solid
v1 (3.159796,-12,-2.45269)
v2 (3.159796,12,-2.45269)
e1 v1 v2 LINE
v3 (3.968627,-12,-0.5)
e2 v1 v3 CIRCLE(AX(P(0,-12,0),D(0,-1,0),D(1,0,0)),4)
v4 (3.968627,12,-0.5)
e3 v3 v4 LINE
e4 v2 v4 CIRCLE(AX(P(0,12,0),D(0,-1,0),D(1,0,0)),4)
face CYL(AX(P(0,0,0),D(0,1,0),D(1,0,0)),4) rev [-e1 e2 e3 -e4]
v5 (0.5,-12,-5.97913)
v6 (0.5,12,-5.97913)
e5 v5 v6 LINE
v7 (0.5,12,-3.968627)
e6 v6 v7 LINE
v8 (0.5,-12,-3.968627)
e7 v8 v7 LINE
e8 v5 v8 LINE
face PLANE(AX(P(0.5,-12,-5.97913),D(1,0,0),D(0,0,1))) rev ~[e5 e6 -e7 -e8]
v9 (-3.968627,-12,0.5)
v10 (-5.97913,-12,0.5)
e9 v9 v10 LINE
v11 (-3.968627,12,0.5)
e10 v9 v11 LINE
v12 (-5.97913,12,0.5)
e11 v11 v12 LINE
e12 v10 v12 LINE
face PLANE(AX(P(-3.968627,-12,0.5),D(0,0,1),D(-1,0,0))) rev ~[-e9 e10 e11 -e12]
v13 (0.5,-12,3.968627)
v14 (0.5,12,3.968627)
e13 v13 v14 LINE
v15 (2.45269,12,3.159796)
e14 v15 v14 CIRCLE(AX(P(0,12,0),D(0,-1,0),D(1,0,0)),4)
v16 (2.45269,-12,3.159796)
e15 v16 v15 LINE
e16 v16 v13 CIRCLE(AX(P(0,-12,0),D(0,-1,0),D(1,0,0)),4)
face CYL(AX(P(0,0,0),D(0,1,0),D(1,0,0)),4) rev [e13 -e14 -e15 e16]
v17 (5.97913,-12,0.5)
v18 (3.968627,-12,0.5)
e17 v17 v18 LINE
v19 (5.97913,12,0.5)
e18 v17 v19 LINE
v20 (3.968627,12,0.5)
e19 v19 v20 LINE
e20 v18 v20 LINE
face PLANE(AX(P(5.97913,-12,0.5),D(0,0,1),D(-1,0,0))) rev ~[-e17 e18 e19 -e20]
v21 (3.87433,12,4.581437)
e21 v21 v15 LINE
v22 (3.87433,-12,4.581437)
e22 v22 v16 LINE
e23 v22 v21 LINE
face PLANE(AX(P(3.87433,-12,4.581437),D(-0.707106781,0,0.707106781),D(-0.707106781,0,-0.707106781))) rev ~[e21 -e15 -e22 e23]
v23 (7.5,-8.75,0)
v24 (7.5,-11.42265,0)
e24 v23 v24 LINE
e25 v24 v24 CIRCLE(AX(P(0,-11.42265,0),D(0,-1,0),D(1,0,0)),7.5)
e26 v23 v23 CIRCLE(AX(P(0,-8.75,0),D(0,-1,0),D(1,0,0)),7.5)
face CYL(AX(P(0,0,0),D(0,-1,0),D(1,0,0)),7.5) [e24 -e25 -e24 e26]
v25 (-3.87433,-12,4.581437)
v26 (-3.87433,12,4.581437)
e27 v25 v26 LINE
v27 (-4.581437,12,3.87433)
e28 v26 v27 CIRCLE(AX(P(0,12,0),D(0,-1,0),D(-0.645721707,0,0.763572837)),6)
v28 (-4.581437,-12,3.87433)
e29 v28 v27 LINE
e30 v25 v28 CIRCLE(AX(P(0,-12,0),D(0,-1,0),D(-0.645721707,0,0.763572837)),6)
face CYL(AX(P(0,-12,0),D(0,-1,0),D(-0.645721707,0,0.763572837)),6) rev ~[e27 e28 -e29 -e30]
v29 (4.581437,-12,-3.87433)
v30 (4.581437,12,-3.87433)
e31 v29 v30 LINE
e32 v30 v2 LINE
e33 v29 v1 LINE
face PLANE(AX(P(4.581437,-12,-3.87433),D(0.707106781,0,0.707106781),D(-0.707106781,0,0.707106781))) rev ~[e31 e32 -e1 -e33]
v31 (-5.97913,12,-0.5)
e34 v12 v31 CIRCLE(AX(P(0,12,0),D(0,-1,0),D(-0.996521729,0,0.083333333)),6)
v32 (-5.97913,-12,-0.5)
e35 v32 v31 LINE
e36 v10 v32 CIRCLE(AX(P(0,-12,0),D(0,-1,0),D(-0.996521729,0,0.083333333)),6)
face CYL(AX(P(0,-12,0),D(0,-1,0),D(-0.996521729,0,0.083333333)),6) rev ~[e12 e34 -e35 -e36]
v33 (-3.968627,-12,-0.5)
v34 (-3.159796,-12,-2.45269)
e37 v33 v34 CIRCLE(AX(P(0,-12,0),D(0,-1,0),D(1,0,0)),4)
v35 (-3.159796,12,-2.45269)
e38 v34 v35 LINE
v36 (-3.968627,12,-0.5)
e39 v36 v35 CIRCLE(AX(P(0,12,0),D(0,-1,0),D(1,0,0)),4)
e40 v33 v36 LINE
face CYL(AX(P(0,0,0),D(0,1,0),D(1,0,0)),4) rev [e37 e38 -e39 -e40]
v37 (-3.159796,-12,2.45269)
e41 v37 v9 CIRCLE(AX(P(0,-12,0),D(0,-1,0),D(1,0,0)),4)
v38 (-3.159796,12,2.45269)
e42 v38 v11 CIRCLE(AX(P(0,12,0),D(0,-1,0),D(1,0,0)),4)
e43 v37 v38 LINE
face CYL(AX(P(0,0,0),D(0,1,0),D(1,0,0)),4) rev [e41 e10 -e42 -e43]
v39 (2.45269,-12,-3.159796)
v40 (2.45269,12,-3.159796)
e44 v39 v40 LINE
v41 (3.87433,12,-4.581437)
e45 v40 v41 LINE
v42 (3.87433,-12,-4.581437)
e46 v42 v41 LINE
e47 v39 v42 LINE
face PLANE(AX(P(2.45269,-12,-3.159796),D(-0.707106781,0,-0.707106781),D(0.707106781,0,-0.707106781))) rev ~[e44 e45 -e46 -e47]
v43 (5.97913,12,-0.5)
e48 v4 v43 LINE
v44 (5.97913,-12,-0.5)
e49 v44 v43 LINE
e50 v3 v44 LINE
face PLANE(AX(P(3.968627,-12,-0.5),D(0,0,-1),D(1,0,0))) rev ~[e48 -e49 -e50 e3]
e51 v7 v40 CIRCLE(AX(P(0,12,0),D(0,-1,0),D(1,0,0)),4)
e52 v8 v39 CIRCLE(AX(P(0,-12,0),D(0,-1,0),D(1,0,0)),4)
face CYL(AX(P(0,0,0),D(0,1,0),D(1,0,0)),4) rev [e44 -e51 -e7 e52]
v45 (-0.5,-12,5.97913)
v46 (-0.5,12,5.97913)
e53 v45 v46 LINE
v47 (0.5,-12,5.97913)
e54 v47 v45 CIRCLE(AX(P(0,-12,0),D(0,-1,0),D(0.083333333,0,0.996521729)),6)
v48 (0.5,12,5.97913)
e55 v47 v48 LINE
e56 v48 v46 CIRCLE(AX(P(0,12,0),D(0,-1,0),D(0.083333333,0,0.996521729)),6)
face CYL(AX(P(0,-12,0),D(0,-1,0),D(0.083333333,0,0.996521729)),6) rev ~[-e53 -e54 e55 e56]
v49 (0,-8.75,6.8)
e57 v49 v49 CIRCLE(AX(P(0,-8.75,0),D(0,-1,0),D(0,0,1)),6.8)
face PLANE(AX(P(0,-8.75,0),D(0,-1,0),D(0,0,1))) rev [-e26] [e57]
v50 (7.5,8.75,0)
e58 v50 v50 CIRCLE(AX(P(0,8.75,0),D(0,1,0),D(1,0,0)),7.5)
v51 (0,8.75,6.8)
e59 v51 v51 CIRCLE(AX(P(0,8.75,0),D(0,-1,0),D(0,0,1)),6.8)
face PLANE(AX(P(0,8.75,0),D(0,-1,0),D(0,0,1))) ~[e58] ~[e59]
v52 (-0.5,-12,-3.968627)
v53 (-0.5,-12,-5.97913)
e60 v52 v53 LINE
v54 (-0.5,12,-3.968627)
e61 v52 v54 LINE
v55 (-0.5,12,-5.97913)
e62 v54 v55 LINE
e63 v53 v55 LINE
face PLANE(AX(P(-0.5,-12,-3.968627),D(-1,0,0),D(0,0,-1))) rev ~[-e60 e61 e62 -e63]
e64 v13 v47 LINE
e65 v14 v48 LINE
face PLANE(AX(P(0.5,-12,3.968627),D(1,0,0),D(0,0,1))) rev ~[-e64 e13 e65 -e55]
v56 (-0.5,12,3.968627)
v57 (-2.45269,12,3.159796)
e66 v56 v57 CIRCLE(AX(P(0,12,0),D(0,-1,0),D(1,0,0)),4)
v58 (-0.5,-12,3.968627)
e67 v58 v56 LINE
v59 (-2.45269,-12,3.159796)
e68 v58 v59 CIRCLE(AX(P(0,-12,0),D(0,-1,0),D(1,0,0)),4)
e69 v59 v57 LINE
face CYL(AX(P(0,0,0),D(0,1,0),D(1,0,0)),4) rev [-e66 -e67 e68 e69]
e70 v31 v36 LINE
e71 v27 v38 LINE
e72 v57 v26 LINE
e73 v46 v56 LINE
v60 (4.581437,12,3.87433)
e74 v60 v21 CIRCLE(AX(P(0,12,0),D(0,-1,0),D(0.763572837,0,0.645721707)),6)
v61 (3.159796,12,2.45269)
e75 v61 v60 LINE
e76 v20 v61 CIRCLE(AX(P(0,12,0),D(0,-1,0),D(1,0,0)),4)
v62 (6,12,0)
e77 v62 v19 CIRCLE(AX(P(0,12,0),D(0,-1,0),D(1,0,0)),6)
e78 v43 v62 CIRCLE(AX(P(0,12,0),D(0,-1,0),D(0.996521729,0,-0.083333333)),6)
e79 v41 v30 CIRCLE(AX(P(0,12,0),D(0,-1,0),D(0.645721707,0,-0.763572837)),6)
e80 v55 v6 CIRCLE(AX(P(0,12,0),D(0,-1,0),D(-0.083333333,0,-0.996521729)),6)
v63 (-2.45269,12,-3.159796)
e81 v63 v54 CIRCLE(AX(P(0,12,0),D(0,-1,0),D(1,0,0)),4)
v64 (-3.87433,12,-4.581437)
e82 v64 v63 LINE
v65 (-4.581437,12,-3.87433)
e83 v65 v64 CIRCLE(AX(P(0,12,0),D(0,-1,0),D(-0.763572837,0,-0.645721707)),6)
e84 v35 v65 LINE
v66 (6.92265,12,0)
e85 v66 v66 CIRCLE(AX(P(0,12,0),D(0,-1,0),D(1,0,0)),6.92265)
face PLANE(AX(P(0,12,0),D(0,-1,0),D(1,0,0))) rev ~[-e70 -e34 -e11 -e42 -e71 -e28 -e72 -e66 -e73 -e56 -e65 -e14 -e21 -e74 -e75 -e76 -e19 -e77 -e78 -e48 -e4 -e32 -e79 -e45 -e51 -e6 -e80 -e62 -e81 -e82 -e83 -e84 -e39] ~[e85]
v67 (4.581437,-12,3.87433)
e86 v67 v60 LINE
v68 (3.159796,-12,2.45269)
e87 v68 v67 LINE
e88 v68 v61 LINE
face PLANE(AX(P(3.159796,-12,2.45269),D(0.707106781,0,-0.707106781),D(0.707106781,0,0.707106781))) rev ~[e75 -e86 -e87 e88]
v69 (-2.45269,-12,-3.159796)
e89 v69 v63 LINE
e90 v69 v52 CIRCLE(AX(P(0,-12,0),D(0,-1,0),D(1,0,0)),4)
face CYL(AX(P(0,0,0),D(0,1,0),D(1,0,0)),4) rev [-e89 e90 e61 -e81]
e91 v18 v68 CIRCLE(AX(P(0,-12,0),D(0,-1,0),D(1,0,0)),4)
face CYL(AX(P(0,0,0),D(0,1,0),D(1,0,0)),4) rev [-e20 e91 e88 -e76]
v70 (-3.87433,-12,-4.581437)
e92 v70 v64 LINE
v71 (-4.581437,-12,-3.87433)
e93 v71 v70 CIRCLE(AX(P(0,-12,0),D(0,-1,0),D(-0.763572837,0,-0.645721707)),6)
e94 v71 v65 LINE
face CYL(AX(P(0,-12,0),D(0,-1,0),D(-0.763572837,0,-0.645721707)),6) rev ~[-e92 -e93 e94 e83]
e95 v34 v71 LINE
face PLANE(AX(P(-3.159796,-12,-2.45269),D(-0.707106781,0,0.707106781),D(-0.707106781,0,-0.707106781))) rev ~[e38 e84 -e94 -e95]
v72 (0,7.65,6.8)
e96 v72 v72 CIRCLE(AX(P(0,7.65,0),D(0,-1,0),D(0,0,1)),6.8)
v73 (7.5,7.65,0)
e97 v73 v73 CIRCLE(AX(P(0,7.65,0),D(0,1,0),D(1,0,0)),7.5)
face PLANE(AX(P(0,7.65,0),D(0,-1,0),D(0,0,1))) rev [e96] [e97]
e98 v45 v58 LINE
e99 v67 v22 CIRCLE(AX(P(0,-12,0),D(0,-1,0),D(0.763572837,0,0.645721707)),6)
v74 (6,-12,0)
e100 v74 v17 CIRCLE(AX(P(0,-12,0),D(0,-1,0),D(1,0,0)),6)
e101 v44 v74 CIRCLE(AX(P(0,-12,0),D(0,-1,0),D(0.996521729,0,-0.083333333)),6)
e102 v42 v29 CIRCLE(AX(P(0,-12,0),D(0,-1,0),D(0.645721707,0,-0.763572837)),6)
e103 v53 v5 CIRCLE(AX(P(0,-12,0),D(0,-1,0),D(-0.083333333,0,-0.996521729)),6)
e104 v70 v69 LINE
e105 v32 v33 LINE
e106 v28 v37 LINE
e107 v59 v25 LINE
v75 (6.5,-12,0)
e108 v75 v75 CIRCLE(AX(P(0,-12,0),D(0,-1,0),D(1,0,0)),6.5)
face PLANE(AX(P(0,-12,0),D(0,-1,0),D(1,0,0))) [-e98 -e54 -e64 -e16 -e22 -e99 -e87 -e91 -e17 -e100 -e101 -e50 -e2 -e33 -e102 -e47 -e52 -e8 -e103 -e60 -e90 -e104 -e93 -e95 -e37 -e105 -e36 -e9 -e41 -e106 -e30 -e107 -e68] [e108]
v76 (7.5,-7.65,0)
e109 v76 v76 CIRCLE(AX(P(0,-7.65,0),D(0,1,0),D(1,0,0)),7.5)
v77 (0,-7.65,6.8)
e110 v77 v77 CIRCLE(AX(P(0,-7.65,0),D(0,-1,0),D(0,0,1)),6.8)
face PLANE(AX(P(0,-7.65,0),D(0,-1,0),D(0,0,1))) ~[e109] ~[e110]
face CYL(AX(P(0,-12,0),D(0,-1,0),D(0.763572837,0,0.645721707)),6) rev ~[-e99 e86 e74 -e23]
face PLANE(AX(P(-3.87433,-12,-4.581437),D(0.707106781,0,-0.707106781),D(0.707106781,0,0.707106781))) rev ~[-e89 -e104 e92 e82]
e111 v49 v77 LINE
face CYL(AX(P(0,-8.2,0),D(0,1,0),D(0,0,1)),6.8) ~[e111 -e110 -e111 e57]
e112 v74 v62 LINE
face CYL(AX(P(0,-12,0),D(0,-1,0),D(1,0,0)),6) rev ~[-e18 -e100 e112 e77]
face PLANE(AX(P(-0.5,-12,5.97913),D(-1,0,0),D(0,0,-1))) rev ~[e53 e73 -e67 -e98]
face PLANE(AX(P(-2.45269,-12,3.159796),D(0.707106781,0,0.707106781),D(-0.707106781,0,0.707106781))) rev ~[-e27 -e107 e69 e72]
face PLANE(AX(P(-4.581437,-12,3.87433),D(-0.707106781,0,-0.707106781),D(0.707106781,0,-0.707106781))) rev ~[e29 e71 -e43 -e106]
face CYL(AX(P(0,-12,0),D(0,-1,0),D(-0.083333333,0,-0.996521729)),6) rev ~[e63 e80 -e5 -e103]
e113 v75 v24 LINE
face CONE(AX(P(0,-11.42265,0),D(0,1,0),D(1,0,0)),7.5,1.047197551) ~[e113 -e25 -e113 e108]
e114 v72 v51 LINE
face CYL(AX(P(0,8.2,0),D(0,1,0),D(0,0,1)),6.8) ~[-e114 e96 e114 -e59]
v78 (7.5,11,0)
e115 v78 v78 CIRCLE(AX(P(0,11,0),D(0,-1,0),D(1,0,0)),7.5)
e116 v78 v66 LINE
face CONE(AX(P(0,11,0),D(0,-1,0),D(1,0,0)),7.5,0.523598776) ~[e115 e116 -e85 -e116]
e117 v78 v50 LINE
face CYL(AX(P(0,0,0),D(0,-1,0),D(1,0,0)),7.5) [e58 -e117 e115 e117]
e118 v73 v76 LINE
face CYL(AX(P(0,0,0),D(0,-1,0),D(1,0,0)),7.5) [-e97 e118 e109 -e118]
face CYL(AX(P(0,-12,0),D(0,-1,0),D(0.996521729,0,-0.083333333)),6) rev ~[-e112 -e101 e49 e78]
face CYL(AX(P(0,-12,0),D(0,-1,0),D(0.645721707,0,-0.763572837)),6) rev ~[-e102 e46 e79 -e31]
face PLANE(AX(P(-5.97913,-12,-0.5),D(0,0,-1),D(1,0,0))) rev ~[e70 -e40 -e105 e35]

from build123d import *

# Parameters (mm, degrees)
F0_R       = 7.5
F0_R_2     = 4
F1_DEPTH   = 12
F3_DEPTH   = 24.001
F4_W       = 1.1
F4_H       = 0.7
F6_SIZE2   = 0.5773502692
F6_SIZE    = 1
F6_2_SIZE2 = 0.5773502692
F6_2_SIZE  = 1


with BuildPart() as f1:
    # F0 (on Front) → F1 (new body, symmetric)
    with BuildSketch(Plane.XZ):
        Circle(F0_R)
        Circle(F0_R_2, mode=Mode.SUBTRACT)
    extrude(amount=F1_DEPTH, both=True)

    # F2 (on face) → F3 (cut, through all)
    with BuildSketch(Plane.XZ.offset(12)):
        with BuildLine():
            Line((0.5, 3.9686269666), (0.5, 5.9791303716))
            ThreePointArc((0.5, 5.9791303716), (0, 6), (-0.5, 5.9791303716))
            Line((-0.5, 5.9791303716), (-0.5, 3.9686269666))
            ThreePointArc((-0.5, 3.9686269666), (0, 4), (0.5, 3.9686269666))
        make_face()
        with BuildLine():
            Line((3.1597964307, 2.4526896495), (4.5814370219, 3.8743302407))
            ThreePointArc((4.5814370219, 3.8743302407), (4.2426406871, 4.2426406871), (3.8743302407, 4.5814370219))
            Line((3.8743302407, 4.5814370219), (2.4526896495, 3.1597964307))
            ThreePointArc((2.4526896495, 3.1597964307), (2.8284271247, 2.8284271247), (3.1597964307, 2.4526896495))
        make_face()
        with BuildLine():
            ThreePointArc((5.9791303716, -0.5), (5.9947803225, -0.2502176759), (6, 0))
            ThreePointArc((6, 0), (5.9947803225, 0.2502176759), (5.9791303716, 0.5))
            Line((5.9791303716, 0.5), (3.9686269666, 0.5))
            ThreePointArc((3.9686269666, 0.5), (3.9921490369, 0.2504916502), (4, 0))
            ThreePointArc((4, 0), (3.9921490369, -0.2504916502), (3.9686269666, -0.5))
            Line((3.9686269666, -0.5), (5.9791303716, -0.5))
        make_face()
        with BuildLine():
            ThreePointArc((3.8743302407, -4.5814370219), (4.2426406871, -4.2426406871), (4.5814370219, -3.8743302407))
            Line((4.5814370219, -3.8743302407), (3.1597964307, -2.4526896495))
            ThreePointArc((3.1597964307, -2.4526896495), (2.8284271247, -2.8284271247), (2.4526896495, -3.1597964307))
            Line((2.4526896495, -3.1597964307), (3.8743302407, -4.5814370219))
        make_face()
        with BuildLine():
            ThreePointArc((-0.5, -5.9791303716), (0, -6), (0.5, -5.9791303716))
            Line((0.5, -5.9791303716), (0.5, -3.9686269666))
            ThreePointArc((0.5, -3.9686269666), (0, -4), (-0.5, -3.9686269666))
            Line((-0.5, -3.9686269666), (-0.5, -5.9791303716))
        make_face()
        with BuildLine():
            ThreePointArc((-4.5814370219, -3.8743302407), (-4.2426406871, -4.2426406871), (-3.8743302407, -4.5814370219))
            Line((-3.8743302407, -4.5814370219), (-2.4526896495, -3.1597964307))
            ThreePointArc((-2.4526896495, -3.1597964307), (-2.8284271247, -2.8284271247), (-3.1597964307, -2.4526896495))
            Line((-3.1597964307, -2.4526896495), (-4.5814370219, -3.8743302407))
        make_face()
        with BuildLine():
            Line((-3.9686269666, 0.5), (-5.9791303716, 0.5))
            ThreePointArc((-5.9791303716, 0.5), (-6, 0), (-5.9791303716, -0.5))
            Line((-5.9791303716, -0.5), (-3.9686269666, -0.5))
            ThreePointArc((-3.9686269666, -0.5), (-4, 0), (-3.9686269666, 0.5))
        make_face()
        with BuildLine():
            Line((-2.4526896495, 3.1597964307), (-3.8743302407, 4.5814370219))
            ThreePointArc((-3.8743302407, 4.5814370219), (-4.2426406871, 4.2426406871), (-4.5814370219, 3.8743302407))
            Line((-4.5814370219, 3.8743302407), (-3.1597964307, 2.4526896495))
            ThreePointArc((-3.1597964307, 2.4526896495), (-2.8284271247, 2.8284271247), (-2.4526896495, 3.1597964307))
        make_face()
    extrude(amount=-F3_DEPTH, mode=Mode.SUBTRACT)

    # F4 (on Right) → F5 (revolve, cut)
    with BuildSketch(Plane.YZ):
        with Locations((-8.2, 7.15)):
            Rectangle(F4_W, F4_H)
        with Locations((8.2, 7.15)):
            Rectangle(F4_W, F4_H)
    revolve(axis=Axis((0, -12, 0), (0, -1, 0)), mode=Mode.SUBTRACT)

    # F6
    f6_edges = [f1.edges().sort_by_distance(p)[0] for p in [
        (-7.5, -12, 0),
    ]]
    f6_side = f1.faces().sort_by_distance((-7.287868, -12, 0))[0]
    chamfer(f6_edges, length=F6_SIZE, length2=F6_SIZE2, reference=f6_side)

    # F6#2
    f6_2_edges = [f1.edges().sort_by_distance(p)[0] for p in [
        (-7.5, 12, 0),
    ]]
    f6_2_side = f1.faces().sort_by_distance((-7.5, 10.375, 0))[0]
    chamfer(f6_2_edges, length=F6_2_SIZE, length2=F6_2_SIZE2, reference=f6_2_side)


solid = f1.part
